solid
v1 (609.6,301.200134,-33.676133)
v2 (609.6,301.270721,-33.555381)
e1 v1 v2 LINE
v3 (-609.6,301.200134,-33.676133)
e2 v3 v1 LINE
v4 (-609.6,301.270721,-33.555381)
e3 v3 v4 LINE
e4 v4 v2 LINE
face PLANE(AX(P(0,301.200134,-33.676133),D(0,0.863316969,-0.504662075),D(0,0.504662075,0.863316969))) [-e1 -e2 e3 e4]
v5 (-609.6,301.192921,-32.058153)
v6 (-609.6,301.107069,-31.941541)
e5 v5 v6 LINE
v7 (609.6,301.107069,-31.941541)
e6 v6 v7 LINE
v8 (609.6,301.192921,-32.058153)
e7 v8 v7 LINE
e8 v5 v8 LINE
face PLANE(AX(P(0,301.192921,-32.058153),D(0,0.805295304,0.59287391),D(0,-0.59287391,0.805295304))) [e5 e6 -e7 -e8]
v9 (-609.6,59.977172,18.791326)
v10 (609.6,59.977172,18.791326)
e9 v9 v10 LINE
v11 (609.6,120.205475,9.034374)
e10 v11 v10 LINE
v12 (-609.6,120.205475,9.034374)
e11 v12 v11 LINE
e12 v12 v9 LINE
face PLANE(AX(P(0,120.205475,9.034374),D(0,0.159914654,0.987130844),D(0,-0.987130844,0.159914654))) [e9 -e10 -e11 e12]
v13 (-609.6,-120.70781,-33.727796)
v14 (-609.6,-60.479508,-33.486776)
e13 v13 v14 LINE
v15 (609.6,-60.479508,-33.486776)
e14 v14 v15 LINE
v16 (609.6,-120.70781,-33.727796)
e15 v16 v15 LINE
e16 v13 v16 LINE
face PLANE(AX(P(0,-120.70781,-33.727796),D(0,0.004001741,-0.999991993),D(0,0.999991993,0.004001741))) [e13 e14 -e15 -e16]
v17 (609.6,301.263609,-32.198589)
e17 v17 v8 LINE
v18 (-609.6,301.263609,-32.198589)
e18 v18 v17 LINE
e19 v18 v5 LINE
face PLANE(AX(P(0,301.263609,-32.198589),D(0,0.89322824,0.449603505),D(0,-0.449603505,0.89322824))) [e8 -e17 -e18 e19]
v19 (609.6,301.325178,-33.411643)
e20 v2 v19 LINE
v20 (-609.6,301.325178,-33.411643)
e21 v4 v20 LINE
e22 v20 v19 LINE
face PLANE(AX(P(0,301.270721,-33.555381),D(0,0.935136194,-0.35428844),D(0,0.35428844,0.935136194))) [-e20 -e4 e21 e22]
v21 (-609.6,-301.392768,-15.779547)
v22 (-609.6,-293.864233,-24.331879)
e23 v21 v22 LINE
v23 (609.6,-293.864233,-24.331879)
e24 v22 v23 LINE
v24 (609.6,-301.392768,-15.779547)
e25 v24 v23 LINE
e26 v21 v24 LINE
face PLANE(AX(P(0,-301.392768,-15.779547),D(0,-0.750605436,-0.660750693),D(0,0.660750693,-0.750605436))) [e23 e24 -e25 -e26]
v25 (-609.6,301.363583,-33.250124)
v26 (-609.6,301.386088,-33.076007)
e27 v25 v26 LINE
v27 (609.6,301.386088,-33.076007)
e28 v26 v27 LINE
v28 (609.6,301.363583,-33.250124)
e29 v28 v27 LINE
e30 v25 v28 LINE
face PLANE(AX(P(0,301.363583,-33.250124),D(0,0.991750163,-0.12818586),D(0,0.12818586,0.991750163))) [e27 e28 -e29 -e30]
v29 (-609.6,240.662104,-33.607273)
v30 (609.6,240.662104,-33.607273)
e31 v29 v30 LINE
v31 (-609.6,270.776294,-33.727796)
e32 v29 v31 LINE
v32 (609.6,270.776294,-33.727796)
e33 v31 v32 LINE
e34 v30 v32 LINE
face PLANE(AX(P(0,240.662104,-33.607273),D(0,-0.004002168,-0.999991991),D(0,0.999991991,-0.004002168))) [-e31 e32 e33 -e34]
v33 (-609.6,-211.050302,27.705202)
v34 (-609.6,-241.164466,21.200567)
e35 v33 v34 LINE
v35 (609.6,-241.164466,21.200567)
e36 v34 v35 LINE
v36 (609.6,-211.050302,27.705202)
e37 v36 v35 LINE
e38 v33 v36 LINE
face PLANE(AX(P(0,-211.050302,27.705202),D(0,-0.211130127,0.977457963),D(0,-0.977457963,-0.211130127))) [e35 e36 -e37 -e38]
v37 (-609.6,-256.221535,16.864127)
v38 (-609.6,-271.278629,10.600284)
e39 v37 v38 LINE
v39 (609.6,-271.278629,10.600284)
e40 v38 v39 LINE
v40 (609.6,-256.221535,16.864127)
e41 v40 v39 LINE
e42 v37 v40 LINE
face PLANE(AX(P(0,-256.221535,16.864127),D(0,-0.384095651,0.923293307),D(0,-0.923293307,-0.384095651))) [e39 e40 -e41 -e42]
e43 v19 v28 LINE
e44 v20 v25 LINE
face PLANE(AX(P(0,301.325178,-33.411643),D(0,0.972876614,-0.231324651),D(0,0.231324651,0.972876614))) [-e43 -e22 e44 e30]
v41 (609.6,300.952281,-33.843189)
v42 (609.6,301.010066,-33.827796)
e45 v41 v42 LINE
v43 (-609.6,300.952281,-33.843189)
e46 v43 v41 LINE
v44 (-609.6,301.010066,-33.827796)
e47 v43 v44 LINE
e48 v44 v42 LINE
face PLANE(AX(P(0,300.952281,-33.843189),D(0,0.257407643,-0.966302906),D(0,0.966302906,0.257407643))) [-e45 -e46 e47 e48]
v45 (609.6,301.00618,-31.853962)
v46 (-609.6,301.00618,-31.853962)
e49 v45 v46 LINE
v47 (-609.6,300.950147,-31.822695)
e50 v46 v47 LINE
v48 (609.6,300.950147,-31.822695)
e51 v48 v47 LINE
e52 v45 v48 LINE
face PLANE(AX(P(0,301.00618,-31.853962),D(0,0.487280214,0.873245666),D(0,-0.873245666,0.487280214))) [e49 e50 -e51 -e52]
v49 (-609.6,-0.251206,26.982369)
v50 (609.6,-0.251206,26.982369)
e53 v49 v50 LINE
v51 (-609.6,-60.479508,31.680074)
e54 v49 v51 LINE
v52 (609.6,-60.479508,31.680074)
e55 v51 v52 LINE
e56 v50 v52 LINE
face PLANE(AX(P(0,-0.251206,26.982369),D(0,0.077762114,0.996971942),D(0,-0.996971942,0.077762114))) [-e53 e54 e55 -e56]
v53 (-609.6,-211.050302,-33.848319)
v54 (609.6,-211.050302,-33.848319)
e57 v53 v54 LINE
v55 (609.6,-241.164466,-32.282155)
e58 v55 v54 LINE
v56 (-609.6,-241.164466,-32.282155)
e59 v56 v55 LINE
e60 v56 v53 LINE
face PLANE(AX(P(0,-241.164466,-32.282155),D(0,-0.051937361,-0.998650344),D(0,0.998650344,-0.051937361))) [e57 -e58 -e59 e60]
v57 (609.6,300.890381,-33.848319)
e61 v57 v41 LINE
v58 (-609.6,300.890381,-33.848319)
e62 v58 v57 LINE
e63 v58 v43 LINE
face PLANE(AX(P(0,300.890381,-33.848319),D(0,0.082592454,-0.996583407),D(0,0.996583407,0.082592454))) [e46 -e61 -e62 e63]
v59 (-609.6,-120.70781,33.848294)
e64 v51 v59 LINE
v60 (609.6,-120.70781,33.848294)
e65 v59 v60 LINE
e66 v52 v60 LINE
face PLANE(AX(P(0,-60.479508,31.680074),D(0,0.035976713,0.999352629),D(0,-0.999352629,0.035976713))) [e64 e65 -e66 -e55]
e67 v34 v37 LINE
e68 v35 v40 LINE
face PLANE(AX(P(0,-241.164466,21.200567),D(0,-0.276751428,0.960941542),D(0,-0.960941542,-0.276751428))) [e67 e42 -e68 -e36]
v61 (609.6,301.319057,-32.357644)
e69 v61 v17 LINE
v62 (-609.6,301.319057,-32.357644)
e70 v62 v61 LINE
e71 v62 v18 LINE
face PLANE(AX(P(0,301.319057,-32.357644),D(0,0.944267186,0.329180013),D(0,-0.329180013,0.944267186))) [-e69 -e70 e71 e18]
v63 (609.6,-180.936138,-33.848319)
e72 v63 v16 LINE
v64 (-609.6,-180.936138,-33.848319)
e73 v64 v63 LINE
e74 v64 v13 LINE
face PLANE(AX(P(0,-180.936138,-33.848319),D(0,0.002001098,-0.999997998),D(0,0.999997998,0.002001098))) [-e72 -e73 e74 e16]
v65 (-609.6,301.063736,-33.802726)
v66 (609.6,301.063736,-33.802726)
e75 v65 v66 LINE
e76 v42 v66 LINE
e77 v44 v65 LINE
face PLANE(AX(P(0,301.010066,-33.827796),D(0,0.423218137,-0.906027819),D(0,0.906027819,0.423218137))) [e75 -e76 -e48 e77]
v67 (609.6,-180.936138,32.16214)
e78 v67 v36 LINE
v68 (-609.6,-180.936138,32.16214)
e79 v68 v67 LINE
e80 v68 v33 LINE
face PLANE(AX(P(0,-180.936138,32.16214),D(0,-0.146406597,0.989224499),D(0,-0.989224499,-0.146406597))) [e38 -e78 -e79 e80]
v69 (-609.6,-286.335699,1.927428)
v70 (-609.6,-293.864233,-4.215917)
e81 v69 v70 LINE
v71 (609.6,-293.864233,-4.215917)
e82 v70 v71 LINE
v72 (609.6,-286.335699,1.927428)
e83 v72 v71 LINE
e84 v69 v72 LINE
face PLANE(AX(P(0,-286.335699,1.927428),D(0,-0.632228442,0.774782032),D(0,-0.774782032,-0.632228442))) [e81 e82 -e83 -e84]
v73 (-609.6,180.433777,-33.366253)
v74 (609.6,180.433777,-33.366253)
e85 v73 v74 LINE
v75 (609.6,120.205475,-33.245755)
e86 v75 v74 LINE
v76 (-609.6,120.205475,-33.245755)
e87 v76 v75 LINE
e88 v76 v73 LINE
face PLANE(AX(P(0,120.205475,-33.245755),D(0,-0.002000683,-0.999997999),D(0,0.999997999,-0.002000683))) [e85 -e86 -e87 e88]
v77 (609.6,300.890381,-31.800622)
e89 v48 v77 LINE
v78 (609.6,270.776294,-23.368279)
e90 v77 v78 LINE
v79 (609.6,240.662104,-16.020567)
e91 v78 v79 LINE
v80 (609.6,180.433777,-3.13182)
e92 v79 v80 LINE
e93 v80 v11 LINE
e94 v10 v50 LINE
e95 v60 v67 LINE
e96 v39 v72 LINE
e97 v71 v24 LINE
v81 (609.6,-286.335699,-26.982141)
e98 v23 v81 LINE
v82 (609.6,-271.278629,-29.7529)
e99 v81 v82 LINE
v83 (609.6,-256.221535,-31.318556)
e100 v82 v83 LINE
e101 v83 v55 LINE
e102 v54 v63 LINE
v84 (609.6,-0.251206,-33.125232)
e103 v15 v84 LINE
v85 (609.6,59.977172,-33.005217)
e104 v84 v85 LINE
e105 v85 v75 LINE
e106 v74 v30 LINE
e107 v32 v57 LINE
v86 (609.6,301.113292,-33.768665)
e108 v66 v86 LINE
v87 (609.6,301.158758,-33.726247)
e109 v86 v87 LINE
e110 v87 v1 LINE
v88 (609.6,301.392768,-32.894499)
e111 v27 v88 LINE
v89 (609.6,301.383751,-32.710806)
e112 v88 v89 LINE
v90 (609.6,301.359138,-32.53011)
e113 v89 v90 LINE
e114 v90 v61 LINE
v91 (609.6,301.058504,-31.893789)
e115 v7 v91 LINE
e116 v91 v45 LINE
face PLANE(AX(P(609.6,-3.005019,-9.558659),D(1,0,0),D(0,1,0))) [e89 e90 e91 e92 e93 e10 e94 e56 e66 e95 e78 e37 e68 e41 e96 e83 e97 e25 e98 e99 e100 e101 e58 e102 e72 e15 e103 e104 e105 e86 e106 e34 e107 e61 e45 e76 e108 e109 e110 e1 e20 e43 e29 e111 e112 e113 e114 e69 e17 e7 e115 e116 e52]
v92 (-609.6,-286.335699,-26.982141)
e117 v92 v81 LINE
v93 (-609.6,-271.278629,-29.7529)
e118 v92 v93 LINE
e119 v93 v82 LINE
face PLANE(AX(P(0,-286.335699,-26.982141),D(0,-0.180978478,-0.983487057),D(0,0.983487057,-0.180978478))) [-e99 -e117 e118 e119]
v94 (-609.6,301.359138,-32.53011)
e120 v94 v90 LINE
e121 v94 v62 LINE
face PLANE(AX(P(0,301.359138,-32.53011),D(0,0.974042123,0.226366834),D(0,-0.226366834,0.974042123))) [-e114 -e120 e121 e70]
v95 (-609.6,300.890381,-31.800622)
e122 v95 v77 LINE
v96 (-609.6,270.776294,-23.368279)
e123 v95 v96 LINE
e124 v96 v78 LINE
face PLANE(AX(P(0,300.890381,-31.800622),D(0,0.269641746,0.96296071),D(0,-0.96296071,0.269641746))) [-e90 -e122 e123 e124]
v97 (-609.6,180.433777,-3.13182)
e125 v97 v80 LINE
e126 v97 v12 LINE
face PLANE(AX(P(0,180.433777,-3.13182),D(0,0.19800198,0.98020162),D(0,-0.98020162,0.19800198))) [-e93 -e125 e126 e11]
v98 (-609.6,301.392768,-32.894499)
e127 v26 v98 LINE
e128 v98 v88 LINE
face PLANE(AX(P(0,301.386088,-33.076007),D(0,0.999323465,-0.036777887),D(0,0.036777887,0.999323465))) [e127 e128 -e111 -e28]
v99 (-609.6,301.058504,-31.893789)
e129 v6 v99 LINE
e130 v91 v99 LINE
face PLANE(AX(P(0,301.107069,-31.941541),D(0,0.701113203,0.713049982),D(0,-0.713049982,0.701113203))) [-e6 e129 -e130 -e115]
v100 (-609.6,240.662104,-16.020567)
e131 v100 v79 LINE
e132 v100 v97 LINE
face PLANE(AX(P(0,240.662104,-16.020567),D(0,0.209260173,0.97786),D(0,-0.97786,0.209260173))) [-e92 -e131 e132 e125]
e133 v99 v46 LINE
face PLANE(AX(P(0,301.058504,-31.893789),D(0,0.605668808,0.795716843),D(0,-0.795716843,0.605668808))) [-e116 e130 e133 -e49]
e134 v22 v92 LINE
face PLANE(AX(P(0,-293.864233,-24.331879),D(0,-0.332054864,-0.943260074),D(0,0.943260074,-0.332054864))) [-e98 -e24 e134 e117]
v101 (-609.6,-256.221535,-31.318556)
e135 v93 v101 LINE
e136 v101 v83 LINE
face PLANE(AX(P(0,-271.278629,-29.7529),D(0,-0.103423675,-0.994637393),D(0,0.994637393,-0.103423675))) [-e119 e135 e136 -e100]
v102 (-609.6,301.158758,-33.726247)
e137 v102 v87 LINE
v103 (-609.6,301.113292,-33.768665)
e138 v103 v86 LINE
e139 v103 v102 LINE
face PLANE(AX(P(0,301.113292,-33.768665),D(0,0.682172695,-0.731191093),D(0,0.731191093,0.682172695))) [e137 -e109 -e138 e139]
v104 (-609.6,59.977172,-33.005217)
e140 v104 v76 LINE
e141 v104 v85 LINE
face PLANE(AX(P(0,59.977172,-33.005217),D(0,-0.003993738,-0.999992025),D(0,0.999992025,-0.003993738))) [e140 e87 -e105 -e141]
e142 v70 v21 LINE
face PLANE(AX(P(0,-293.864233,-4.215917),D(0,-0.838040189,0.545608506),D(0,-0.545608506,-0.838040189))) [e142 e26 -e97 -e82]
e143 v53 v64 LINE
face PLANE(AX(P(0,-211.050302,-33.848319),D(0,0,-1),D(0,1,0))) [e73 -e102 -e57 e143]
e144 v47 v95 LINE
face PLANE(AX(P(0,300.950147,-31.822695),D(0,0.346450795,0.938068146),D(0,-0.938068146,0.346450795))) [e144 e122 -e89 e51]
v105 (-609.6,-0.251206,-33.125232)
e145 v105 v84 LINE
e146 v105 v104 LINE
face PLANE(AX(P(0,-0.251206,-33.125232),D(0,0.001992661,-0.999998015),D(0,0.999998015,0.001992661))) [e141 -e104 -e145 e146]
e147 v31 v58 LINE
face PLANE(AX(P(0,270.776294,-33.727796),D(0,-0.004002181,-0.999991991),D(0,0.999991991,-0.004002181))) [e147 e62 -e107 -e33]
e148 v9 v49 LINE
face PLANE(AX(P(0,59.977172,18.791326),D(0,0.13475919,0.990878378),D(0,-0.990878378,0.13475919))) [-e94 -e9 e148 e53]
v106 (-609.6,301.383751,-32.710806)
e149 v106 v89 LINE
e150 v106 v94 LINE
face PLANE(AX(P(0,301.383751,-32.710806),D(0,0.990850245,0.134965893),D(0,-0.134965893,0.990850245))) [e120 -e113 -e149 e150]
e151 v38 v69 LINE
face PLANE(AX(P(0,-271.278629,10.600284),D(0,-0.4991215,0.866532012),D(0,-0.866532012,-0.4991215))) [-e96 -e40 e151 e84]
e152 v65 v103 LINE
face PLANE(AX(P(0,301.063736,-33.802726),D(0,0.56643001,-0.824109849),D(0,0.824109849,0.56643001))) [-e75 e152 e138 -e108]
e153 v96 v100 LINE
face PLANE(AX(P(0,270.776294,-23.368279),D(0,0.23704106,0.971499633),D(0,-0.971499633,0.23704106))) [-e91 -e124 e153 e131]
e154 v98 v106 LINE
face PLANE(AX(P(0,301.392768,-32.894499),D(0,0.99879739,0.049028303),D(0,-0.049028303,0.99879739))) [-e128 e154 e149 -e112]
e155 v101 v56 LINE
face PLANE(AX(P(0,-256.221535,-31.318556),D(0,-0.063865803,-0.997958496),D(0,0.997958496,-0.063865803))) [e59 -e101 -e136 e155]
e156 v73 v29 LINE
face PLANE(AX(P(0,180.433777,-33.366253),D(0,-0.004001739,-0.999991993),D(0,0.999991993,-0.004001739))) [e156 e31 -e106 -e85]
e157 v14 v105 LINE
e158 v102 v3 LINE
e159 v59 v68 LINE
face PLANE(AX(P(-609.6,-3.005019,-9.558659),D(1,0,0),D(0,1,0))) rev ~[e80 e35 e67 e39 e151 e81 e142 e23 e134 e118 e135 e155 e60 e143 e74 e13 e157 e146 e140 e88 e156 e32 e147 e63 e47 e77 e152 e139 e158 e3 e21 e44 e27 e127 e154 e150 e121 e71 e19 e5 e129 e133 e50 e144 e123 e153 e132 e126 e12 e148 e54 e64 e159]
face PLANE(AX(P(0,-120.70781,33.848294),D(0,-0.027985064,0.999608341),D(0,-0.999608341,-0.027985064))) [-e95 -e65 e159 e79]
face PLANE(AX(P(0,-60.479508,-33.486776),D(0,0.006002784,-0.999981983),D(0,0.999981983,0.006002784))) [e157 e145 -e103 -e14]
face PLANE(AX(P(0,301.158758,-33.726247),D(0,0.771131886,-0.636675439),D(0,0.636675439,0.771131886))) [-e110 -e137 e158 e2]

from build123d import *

# Parameters (mm, degrees)
F1_DEPTH = 609.6


with BuildPart() as f1:
    # F0 (on Right) → F1 (new body, symmetric)
    with BuildSketch(Plane.YZ):
        Polygon((300.950147, -31.822695), (300.890381, -31.800622), (270.776294, -23.368279), (240.662104, -16.020567), (180.433777, -3.13182), (120.205475, 9.034374), (59.977172, 18.791326), (-0.251206, 26.982369), (-60.479508, 31.680074), (-120.70781, 33.848294), (-180.936138, 32.16214), (-211.050302, 27.705202), (-241.164466, 21.200567), (-256.221535, 16.864127), (-271.278629, 10.600284), (-286.335699, 1.927428), (-293.864233, -4.215917), (-301.392768, -15.779547), (-293.864233, -24.331879), (-286.335699, -26.982141), (-271.278629, -29.7529), (-256.221535, -31.318556), (-241.164466, -32.282155), (-211.050302, -33.848319), (-180.936138, -33.848319), (-120.70781, -33.727796), (-60.479508, -33.486776), (-0.251206, -33.125232), (59.977172, -33.005217), (120.205475, -33.245755), (180.433777, -33.366253), (240.662104, -33.607273), (270.776294, -33.727796), (300.890381, -33.848319), (300.952281, -33.843189), (301.010066, -33.827796), (301.063736, -33.802726), (301.113292, -33.768665), (301.158758, -33.726247), (301.200134, -33.676133), (301.270721, -33.555381), (301.325178, -33.411643), (301.363583, -33.250124), (301.386088, -33.076007), (301.392768, -32.894499), (301.383751, -32.710806), (301.359138, -32.53011), (301.319057, -32.357644), (301.263609, -32.198589), (301.192921, -32.058153), (301.107069, -31.941541), (301.058504, -31.893789), (301.00618, -31.853962), align=None)
    extrude(amount=F1_DEPTH, both=True)


solid = f1.part
